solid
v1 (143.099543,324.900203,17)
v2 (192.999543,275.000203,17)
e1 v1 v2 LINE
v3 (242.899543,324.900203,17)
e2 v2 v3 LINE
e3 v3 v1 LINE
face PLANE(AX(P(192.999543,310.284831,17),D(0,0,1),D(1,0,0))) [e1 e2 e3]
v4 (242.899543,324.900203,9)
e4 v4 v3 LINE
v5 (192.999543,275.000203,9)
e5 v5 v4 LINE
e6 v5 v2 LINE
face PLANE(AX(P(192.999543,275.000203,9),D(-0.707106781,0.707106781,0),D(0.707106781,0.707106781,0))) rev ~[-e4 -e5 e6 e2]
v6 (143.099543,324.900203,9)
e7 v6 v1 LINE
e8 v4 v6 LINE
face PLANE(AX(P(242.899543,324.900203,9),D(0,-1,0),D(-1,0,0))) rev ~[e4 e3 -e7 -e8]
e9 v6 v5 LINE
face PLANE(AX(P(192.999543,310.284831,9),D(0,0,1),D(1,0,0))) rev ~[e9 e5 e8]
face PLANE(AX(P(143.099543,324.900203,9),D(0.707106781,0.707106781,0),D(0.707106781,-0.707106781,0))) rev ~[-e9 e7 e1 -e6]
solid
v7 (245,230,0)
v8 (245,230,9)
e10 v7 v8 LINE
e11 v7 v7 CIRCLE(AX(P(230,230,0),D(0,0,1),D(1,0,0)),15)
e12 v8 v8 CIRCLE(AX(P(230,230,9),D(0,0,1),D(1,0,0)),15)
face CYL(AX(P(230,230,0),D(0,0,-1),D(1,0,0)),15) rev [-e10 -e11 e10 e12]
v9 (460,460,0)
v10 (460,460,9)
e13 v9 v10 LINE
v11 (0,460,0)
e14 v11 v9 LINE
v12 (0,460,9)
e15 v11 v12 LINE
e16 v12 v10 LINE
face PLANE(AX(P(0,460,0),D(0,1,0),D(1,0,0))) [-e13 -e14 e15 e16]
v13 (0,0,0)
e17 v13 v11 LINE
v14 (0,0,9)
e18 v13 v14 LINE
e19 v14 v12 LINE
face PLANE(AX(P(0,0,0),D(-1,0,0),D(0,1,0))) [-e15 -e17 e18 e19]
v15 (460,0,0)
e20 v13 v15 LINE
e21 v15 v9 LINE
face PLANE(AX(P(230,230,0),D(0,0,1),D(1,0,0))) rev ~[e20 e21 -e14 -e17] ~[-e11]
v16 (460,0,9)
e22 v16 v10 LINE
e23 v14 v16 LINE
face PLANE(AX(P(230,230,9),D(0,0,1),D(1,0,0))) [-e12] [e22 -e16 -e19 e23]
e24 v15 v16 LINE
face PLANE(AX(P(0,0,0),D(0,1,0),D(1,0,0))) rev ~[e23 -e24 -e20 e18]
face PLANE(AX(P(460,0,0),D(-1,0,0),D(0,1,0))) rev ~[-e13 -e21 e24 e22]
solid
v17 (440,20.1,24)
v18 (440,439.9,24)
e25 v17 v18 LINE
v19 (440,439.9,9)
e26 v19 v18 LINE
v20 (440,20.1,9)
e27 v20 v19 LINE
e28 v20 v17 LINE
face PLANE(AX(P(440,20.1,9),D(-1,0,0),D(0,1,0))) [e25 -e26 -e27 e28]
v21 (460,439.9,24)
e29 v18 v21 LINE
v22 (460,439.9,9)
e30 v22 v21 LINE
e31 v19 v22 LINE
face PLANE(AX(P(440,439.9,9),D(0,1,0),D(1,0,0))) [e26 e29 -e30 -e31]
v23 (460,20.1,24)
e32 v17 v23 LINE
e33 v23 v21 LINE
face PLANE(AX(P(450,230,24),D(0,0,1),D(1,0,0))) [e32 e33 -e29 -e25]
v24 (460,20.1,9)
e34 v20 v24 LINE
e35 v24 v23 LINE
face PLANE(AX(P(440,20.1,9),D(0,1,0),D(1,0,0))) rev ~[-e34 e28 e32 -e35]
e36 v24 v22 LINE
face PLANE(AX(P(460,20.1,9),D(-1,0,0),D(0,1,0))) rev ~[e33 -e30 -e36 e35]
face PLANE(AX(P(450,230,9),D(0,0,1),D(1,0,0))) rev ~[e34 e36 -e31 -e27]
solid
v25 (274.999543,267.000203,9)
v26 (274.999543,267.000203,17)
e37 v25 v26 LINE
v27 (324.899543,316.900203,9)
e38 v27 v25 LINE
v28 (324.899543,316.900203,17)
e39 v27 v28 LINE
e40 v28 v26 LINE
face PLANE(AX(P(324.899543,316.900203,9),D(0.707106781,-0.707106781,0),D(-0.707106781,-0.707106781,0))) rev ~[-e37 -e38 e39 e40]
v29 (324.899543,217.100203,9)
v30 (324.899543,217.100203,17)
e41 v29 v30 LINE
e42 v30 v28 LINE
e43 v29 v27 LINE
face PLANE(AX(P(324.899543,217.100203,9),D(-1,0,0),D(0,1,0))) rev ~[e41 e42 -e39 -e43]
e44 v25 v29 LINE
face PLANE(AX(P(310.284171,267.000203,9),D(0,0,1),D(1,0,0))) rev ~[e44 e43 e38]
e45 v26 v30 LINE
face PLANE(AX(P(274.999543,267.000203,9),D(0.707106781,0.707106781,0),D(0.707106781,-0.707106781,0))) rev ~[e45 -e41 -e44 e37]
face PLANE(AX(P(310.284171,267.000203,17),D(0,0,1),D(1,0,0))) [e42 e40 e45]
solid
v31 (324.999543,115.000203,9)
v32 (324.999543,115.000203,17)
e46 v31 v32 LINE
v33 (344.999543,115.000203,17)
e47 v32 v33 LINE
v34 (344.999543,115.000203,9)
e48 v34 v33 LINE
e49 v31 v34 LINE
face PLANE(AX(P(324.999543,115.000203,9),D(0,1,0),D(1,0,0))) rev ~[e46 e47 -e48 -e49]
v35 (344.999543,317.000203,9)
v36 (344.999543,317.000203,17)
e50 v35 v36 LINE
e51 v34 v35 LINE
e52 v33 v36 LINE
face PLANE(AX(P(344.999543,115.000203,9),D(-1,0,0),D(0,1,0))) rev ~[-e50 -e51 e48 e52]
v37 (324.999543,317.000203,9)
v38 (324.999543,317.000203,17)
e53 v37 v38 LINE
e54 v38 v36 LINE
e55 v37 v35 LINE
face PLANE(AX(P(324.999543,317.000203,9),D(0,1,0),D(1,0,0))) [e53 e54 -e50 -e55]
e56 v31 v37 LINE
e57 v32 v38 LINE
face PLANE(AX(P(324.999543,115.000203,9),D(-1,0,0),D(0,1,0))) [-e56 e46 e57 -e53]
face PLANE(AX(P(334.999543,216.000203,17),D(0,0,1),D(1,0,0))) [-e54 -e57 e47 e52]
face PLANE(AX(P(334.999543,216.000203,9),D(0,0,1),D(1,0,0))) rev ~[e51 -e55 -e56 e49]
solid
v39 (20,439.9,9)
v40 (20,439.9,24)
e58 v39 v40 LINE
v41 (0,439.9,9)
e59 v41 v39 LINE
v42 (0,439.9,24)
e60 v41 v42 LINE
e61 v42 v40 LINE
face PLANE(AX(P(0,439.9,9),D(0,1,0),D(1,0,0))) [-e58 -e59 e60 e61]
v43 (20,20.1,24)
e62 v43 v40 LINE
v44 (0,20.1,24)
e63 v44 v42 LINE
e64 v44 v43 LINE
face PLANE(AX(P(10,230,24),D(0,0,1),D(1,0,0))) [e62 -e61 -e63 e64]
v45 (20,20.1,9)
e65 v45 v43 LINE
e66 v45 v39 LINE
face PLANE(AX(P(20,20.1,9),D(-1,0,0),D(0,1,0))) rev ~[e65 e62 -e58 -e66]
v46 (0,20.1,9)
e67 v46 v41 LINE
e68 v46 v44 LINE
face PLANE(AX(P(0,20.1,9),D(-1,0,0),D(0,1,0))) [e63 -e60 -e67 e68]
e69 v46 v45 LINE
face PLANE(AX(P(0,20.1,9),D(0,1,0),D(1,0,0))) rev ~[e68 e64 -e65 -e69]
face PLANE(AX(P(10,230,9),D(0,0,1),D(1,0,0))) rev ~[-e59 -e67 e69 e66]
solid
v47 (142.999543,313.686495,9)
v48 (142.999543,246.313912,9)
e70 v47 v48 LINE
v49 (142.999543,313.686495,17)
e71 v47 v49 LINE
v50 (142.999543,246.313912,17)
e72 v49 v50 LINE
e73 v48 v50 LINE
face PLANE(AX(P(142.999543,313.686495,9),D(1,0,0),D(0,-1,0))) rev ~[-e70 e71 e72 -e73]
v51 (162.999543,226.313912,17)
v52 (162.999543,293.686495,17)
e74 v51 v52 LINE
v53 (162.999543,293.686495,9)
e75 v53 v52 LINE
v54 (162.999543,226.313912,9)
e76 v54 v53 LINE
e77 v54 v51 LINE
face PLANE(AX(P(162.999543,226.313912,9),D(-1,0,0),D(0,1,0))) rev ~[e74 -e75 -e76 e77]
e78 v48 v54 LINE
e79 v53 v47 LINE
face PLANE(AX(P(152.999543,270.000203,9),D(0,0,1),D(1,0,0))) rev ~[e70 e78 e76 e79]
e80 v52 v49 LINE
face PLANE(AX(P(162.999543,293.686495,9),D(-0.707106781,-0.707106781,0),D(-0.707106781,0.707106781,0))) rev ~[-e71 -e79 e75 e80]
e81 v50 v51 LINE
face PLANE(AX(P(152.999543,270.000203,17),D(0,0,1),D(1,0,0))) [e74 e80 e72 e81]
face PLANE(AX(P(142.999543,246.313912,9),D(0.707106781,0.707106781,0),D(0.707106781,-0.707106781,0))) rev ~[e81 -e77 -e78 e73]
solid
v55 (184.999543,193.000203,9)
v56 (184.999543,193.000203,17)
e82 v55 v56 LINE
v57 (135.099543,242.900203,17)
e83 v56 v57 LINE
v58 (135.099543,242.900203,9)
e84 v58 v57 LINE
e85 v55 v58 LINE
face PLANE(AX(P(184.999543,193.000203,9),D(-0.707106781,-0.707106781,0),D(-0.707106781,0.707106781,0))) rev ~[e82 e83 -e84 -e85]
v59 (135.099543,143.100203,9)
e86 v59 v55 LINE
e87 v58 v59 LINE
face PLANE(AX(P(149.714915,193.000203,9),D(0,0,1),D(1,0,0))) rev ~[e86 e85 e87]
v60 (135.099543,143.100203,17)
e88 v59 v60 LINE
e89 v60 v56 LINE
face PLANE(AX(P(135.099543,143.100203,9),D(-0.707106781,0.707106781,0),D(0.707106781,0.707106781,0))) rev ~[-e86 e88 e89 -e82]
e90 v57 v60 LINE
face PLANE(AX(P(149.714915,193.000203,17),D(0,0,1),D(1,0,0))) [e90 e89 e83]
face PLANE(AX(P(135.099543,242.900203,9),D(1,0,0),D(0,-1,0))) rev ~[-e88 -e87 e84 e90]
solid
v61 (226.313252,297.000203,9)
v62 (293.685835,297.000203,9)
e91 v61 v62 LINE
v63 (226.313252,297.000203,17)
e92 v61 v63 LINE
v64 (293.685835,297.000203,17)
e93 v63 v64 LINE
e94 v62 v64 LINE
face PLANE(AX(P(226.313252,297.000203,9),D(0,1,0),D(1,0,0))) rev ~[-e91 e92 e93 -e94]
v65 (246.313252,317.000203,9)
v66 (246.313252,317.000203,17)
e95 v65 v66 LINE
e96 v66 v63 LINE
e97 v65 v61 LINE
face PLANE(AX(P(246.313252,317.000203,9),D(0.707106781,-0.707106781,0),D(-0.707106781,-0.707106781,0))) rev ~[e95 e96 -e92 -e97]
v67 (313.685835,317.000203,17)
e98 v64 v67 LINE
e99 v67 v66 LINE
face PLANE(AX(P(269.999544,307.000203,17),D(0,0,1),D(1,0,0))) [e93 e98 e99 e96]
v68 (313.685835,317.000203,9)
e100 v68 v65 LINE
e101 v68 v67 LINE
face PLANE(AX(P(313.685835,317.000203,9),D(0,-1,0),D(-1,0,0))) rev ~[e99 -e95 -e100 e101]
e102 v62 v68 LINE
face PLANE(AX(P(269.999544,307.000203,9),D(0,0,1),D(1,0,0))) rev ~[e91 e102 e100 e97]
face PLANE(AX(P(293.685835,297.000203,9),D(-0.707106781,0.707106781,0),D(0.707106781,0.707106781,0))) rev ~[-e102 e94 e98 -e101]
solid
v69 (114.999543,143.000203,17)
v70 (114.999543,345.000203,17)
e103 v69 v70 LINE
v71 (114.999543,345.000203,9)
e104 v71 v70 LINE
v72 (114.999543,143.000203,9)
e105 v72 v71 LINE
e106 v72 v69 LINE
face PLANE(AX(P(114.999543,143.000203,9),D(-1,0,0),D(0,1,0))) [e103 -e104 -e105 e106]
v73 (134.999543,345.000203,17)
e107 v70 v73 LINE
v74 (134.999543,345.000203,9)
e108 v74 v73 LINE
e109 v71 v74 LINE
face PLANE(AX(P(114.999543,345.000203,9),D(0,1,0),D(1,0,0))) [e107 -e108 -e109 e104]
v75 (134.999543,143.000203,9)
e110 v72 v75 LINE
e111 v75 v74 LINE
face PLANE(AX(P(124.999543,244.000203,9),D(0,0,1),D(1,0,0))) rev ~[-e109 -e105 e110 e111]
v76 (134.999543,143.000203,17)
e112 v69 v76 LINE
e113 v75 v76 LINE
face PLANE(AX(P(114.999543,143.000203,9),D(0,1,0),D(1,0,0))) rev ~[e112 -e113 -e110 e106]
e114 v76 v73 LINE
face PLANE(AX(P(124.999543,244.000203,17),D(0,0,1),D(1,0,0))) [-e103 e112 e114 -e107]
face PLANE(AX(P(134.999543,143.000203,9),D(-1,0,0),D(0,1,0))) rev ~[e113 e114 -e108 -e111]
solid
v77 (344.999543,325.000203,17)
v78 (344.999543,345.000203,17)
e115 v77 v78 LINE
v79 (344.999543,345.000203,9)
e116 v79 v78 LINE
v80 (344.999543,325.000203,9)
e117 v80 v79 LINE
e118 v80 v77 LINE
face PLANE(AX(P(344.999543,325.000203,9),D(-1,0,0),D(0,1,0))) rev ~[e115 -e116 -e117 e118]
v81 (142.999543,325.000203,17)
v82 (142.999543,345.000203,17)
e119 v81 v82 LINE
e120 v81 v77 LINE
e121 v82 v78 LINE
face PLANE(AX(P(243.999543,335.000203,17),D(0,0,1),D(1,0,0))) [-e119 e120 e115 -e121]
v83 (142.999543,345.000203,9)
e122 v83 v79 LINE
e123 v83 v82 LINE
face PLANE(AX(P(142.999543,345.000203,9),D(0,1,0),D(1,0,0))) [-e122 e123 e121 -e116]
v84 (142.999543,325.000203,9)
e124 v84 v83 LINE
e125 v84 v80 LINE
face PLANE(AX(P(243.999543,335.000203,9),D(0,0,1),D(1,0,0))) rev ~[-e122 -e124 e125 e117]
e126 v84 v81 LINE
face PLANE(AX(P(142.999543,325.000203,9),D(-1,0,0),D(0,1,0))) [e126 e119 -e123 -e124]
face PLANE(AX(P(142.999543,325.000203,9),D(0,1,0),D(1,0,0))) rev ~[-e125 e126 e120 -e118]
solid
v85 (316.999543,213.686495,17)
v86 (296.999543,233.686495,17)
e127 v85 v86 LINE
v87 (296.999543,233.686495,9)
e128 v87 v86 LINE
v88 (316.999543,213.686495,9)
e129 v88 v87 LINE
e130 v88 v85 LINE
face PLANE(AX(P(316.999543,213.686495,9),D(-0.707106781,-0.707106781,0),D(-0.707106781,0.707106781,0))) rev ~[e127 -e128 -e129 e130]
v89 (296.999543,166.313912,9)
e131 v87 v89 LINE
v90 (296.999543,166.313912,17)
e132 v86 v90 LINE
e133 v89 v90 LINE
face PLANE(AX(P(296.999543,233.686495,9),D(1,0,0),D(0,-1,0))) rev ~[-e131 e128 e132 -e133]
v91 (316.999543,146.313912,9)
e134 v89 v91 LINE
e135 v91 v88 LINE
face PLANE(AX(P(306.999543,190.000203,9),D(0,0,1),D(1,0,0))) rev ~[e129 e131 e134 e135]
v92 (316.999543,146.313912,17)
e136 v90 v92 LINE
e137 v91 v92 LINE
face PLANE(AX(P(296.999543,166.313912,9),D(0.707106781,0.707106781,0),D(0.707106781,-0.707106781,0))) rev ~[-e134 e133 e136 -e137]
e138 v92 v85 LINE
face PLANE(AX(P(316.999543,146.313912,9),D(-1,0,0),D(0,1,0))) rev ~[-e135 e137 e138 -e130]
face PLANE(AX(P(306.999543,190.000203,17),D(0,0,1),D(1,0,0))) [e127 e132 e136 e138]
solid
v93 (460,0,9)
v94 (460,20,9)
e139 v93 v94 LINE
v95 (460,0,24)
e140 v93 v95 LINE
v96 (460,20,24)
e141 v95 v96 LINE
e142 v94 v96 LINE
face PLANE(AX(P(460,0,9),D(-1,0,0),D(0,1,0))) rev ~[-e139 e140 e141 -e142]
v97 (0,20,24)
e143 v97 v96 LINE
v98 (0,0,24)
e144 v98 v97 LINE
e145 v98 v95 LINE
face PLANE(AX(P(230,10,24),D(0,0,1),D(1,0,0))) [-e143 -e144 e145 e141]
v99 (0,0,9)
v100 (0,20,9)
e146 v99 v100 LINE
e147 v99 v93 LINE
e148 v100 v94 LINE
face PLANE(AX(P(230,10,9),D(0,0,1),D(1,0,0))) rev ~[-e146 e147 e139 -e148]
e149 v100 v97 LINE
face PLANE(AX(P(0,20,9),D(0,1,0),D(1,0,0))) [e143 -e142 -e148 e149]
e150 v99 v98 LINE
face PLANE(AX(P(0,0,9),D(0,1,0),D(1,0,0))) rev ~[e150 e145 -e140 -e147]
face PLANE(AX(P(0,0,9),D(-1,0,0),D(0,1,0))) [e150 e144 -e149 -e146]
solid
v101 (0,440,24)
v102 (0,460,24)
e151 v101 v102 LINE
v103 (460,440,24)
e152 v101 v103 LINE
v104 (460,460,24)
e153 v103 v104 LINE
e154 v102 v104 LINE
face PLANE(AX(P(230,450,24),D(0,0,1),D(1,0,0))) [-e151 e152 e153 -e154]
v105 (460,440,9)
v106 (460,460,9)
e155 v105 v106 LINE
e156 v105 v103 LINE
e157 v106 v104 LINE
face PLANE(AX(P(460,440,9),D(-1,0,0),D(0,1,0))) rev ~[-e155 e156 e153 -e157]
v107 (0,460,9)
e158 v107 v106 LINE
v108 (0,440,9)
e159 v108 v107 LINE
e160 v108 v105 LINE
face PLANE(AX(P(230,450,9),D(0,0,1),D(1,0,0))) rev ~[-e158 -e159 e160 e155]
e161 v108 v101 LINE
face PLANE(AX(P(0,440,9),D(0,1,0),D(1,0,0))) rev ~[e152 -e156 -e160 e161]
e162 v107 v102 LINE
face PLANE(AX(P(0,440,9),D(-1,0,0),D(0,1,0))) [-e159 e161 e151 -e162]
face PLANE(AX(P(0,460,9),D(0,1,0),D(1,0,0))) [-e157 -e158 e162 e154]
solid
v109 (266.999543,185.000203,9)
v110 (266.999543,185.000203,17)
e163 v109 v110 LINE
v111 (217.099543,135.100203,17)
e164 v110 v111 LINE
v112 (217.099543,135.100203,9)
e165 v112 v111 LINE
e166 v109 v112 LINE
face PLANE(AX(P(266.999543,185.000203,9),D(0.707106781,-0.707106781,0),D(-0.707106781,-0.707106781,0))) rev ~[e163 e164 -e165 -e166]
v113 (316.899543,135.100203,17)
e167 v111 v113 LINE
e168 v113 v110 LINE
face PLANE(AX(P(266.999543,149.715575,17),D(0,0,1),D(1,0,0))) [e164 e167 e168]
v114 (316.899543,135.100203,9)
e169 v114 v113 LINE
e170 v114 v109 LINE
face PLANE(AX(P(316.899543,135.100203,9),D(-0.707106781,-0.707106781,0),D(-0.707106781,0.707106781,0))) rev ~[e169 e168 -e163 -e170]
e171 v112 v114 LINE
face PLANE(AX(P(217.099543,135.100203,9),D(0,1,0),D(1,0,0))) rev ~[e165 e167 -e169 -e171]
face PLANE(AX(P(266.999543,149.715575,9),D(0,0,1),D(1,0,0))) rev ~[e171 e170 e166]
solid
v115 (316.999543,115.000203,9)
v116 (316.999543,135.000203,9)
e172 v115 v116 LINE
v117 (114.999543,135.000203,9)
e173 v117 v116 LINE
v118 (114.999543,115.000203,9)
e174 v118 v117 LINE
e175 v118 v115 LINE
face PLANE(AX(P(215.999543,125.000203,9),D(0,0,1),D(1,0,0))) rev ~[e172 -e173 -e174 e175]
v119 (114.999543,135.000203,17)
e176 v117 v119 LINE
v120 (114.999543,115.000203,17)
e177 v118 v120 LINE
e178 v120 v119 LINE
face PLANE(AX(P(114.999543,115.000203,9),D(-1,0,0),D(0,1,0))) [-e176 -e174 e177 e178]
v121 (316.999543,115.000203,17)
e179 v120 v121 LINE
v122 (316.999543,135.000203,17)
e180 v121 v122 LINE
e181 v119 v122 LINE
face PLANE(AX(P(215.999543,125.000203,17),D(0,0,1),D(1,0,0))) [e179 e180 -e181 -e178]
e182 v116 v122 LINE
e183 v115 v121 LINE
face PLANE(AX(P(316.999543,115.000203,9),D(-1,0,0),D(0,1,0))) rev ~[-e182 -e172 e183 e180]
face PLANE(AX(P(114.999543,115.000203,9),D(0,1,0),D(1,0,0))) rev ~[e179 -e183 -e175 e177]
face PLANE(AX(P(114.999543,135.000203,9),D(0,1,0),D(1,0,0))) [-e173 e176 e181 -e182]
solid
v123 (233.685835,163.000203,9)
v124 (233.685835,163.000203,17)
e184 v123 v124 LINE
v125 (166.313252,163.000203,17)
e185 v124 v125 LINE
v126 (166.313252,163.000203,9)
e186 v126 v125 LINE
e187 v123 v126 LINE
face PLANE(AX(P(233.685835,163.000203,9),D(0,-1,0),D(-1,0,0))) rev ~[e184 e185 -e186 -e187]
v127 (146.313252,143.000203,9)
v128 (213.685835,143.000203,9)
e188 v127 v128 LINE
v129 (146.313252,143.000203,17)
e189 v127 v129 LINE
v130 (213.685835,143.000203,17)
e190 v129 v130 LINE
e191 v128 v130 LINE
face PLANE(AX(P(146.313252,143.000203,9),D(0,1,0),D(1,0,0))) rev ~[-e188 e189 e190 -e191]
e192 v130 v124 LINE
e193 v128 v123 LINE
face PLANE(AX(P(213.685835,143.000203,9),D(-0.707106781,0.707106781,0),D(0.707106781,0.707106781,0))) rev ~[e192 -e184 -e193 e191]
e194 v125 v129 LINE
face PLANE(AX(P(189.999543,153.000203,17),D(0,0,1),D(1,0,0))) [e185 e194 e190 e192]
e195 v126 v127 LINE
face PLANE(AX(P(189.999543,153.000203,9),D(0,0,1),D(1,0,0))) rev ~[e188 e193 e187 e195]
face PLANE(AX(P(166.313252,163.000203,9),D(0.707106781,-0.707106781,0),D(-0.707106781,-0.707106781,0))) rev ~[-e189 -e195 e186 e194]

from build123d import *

# Parameters (mm, degrees)
F0_W     = 460
F0_H     = 460
F0_R     = 15
F1_DEPTH = 9
F2_W     = 202
F2_H     = 20
F2_W_2   = 20
F2_H_2   = 202
F3_DEPTH = 8
F4_W     = 460
F4_H     = 20
F4_W_2   = 20
F4_H_2   = 419.8
F5_DEPTH = 15


with BuildPart() as f1:
    # F0 (on Top) → F1 (new body)
    with BuildSketch(Plane.XY):
        with Locations((230, 230)):
            Rectangle(F0_W, F0_H)
        with Locations((230, 230)):
            Circle(F0_R, mode=Mode.SUBTRACT)
    extrude(amount=F1_DEPTH)


with BuildPart() as f3:
    # F2 (on face) → F3 (new body)
    with BuildSketch(Plane.XY.offset(9)):
        with Locations((243.999543, 335.000203)):
            Rectangle(F2_W, F2_H)
        Polygon((242.899543, 324.900203), (143.099543, 324.900203), (192.999543, 275.000203), align=None)
        Polygon((293.685835, 297.000203), (313.685835, 317.000203), (246.313252, 317.000203), (226.313252, 297.000203), align=None)
        Polygon((142.999543, 246.313912), (162.999543, 226.313912), (162.999543, 293.686495), (142.999543, 313.686495), align=None)
        with Locations((124.999543, 244.000203)):
            Rectangle(F2_W_2, F2_H_2)
        Polygon((213.685835, 143.000203), (233.685835, 163.000203), (166.313252, 163.000203), (146.313252, 143.000203), align=None)
        with Locations((215.999543, 125.000203)):
            Rectangle(F2_W, F2_H)
        Polygon((316.999543, 213.686495), (296.999543, 233.686495), (296.999543, 166.313912), (316.999543, 146.313912), align=None)
        with Locations((334.999543, 216.000203)):
            Rectangle(F2_W_2, F2_H_2)
        Polygon((184.999543, 193.000203), (135.099543, 242.900203), (135.099543, 143.100203), align=None)
        Polygon((266.999543, 185.000203), (217.099543, 135.100203), (316.899543, 135.100203), align=None)
        Polygon((274.999543, 267.000203), (324.899543, 217.100203), (324.899543, 316.900203), align=None)
    extrude(amount=F3_DEPTH)


with BuildPart() as f5:
    # F4 (on face) → F5 (new body)
    with BuildSketch(Plane.XY.offset(9)):
        with Locations((230, 450)):
            Rectangle(F4_W, F4_H)
        with Locations((230, 10)):
            Rectangle(F4_W, F4_H)
        with Locations((10, 230)):
            Rectangle(F4_W_2, F4_H_2)
        with Locations((450, 230)):
            Rectangle(F4_W_2, F4_H_2)
    extrude(amount=F5_DEPTH)


solid = Compound([f1.part, f3.part, f5.part])
